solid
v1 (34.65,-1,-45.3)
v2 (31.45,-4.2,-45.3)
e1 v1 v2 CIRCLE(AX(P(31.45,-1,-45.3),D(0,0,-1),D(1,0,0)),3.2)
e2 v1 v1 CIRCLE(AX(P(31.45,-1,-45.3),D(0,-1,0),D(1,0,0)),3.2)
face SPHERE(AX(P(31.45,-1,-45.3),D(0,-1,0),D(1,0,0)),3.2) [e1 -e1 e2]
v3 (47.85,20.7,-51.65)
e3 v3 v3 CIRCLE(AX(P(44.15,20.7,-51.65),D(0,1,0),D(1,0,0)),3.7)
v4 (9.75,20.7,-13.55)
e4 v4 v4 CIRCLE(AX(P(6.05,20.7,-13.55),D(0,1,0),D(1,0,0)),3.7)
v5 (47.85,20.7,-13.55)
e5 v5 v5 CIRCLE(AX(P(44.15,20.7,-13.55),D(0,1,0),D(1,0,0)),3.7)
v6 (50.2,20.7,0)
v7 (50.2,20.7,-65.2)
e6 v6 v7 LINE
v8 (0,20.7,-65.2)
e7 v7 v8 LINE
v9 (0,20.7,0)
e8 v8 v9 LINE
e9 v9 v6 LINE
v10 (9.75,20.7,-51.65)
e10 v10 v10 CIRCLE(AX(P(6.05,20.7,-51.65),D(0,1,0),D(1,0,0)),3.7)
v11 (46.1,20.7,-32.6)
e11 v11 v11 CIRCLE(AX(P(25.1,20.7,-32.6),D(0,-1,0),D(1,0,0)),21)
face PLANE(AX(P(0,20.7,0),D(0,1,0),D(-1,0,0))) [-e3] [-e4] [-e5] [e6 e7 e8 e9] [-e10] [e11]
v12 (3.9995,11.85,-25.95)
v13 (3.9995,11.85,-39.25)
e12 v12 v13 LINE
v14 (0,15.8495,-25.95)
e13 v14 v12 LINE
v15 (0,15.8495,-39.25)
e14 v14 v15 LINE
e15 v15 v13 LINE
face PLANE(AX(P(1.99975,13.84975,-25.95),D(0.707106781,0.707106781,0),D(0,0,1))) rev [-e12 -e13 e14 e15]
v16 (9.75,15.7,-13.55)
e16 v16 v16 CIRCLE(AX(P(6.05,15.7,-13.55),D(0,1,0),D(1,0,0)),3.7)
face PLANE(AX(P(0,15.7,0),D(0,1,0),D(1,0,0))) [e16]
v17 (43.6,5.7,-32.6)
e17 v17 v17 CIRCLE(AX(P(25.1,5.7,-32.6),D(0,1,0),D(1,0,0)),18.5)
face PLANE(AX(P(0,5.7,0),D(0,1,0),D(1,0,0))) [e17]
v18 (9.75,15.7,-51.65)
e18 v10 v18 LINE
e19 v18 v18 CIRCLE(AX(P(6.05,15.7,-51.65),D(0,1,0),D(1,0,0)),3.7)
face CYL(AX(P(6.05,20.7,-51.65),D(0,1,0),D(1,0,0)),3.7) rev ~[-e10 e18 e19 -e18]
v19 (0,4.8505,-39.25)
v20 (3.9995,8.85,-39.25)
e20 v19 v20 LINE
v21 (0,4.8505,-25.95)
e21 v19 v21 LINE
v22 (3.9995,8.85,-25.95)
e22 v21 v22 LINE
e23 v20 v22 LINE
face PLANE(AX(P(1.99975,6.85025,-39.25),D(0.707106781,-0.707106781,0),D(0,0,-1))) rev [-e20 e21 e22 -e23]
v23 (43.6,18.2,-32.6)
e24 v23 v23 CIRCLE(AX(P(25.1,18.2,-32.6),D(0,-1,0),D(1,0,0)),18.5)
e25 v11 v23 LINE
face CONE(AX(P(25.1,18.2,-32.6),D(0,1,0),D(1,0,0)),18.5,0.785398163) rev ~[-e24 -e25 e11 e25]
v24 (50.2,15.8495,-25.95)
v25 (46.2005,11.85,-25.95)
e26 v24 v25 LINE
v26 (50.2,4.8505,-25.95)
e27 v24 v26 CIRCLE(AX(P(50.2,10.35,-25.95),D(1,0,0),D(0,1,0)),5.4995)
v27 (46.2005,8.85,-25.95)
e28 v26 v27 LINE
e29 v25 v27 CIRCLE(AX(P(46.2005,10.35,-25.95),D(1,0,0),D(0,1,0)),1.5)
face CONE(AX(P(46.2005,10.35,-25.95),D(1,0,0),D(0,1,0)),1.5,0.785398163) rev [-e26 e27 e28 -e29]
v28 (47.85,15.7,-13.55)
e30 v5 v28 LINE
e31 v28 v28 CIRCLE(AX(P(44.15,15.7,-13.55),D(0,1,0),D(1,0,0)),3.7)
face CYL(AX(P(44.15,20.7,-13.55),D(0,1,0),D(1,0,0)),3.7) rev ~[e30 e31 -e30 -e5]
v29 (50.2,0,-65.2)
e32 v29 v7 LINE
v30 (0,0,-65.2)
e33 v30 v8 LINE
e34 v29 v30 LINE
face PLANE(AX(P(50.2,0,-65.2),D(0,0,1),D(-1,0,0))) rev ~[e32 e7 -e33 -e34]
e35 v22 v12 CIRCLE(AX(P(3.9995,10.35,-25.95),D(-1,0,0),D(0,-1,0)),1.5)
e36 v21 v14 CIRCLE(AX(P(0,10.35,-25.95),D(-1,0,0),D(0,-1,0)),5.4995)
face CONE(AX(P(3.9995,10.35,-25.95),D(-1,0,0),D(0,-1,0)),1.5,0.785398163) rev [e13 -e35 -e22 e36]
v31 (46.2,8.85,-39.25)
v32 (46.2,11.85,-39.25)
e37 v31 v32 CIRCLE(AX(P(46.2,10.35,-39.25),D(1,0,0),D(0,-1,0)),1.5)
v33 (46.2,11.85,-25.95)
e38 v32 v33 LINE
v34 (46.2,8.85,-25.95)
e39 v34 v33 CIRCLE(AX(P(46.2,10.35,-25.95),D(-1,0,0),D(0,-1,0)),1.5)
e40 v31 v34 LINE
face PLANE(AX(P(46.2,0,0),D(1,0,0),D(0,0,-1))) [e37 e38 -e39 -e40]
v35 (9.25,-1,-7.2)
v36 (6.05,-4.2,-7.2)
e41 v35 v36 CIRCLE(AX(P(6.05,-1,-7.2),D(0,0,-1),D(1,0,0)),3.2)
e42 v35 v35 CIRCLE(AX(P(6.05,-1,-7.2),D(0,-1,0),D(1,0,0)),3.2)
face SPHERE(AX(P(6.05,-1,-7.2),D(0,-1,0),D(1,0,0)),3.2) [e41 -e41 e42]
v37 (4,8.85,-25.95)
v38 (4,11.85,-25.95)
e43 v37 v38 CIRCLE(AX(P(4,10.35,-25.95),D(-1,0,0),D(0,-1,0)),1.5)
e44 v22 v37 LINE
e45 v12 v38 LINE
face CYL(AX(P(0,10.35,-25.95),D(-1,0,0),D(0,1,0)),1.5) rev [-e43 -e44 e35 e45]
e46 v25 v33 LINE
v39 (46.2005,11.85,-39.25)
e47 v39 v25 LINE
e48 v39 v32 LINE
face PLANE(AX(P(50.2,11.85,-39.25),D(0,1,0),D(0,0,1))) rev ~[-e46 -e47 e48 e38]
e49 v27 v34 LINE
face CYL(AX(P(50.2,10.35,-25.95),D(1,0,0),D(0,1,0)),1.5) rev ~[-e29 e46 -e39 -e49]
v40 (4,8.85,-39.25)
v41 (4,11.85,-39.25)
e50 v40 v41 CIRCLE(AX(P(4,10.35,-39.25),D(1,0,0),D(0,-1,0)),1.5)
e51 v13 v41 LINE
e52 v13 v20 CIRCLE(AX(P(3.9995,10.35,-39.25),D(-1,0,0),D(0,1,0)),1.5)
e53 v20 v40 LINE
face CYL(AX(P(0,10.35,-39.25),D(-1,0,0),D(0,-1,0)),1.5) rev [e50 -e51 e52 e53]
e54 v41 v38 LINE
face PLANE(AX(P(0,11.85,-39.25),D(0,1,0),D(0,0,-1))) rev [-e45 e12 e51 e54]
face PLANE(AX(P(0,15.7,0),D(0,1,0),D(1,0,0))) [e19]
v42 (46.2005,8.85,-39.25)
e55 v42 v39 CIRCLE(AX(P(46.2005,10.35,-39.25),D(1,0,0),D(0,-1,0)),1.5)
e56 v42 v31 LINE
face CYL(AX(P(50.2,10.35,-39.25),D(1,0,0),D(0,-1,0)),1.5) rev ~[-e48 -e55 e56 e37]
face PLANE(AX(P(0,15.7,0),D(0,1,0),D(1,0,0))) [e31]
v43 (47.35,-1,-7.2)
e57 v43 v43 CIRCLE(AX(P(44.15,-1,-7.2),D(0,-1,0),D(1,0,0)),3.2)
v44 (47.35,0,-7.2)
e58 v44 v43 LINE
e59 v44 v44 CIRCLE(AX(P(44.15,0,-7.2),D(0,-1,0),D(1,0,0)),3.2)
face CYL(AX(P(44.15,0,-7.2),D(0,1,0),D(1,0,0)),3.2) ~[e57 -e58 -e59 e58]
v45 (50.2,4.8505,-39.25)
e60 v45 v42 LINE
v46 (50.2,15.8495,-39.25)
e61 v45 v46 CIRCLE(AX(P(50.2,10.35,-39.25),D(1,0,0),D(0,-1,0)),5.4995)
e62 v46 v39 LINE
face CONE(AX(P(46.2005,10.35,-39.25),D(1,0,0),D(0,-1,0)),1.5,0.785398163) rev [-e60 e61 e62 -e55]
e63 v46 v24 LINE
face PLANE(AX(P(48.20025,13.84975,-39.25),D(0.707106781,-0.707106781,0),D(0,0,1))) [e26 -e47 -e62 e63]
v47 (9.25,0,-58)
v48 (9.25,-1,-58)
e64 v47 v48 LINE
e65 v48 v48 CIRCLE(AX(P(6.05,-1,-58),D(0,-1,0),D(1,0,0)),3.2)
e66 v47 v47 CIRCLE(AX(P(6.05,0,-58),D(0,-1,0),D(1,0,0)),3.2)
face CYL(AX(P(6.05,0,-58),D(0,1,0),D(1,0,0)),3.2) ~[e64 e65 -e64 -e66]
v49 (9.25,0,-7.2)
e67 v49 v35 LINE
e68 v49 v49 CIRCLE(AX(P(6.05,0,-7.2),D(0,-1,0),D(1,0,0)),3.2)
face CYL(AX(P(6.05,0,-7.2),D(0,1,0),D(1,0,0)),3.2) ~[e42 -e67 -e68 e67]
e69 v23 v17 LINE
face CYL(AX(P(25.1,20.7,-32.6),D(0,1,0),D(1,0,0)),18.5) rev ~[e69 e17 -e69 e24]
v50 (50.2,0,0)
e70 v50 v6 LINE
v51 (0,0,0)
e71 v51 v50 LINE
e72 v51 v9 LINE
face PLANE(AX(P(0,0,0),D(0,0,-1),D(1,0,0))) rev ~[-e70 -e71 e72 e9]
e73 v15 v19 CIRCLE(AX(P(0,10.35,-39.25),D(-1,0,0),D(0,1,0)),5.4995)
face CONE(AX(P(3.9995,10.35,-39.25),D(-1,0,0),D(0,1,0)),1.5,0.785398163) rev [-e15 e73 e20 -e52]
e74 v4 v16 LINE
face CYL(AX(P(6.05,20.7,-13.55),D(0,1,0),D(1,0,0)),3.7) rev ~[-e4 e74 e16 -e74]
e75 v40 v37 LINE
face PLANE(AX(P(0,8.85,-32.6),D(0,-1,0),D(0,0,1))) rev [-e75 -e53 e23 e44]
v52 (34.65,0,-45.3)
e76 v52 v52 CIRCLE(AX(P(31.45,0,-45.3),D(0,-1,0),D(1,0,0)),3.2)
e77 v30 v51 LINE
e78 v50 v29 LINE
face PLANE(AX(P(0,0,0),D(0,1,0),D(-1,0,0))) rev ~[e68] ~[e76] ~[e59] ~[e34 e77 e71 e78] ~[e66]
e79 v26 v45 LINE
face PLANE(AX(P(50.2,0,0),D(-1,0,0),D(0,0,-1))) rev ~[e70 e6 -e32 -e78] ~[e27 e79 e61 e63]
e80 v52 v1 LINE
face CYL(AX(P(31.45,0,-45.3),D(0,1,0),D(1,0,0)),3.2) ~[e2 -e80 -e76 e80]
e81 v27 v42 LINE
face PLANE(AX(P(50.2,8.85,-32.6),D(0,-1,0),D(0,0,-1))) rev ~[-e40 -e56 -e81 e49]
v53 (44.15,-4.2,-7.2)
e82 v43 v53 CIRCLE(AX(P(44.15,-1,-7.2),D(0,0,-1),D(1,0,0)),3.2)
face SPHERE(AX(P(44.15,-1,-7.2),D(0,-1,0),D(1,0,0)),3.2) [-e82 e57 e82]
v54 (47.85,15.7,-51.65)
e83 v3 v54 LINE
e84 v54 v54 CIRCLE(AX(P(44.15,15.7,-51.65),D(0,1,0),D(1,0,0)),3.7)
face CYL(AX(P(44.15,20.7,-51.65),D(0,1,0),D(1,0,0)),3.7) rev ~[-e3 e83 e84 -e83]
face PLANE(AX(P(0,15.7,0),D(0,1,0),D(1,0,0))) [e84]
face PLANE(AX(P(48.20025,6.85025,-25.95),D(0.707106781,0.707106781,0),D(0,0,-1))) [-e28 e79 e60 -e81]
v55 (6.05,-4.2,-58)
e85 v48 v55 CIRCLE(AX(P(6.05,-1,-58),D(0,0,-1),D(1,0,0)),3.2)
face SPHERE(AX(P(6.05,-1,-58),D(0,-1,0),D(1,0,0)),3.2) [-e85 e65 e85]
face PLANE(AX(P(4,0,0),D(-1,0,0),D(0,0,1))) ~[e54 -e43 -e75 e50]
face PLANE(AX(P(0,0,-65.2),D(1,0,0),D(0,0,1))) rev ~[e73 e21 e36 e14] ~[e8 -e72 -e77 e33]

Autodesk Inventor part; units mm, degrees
ref_plane "YZ Plane" through (0, 0, 0) normal (1, 0, 0) x (0, 1, 0)
ref_plane "XZ Plane" through (0, 0, 0) normal (0, 1, 0) x (-1, 0, 0)
sketch "Boceto1" plane through (0, 0, 0) normal (0, 1, 0) x (-1, 0, 0)
  line L0 (0, 0) -> (-50.2, 0)
  line L1 (-50.2, 0) -> (-50.2, -65.2)
  line L2 (-50.2, -65.2) -> (0, -65.2)
  line L3 (0, -65.2) -> (0, 0)
  dimension "d0" = 50.2
  dimension "d1" = 65.2
extrude "Extrusión1" add sketch "Boceto1" along normal blind 20.7
sketch "Boceto2" plane through (0, 20.7, 0) normal (0, 1, 0) x (1, 0, 0)
  line L0 (-14.4985, 32.6) -> (58.2485, 32.6)
  circle A0 centre (25.1, 32.6) radius 18.5
  line L1 (0, 65.2) -> (0, 0) projected
  dimension "d7" = 37
  dimension "d57" = 0
  dimension "d58" = 25.1
extrude "Extrusión2" cut sketch "Boceto2" against normal blind 15
sketch "Boceto3" plane through (50.2, 0, 0) normal (1, 0, 0) x (0, 0, -1)
  line L0 (32.6, 28.8672) -> (32.6, -9.3744)
  line L1 (-5.2256, 10.35) -> (70.0589, 10.35)
  line L2 (25.95, 10.35) -> (39.25, 10.35) construction
  line L3 (25.95, 8.85) -> (39.25, 8.85)
  line L4 (39.25, 11.85) -> (25.95, 11.85)
  arc A0 (25.95, 11.85) -> (25.95, 8.85) centre (25.95, 10.35) ccw
  arc A1 (39.25, 8.85) -> (39.25, 11.85) centre (39.25, 10.35) ccw
  point P0 (0, 0)
  point P1 (32.6, 10.35)
  point P2 (40.75, 10.35)
  point P3 (24.45, 10.35)
  dimension "d11" = 16.3
  dimension "d12" = 3
  dimension "d13" = 0
extrude "Extrusión3" cut sketch "Boceto3" against normal blind 4
chamfer "Chaflán1" distance 4 angle 45 4 edges at (50.2, 8.85, -32.6) (50.2, 10.35, -24.45) (50.2, 11.85, -32.6) (50.2, 10.35, -40.75)
sketch "Boceto4" plane through (50.2, 0, 0) normal (1, 0, 0) x (0, 0, -1)
  point P0 (0, 0)
ref_plane "Plano de trabajo1" through (25.1, 0, 0) normal (1, 0, 0) x (0, 0, -1)
mirror "Simetría1" about plane through (25.1, 0, 0) normal (1, 0, 0) of "Extrusión3"
chamfer "Chaflán2" distance 4 angle 45 4 edges at (0, 11.85, -32.6) (0, 10.35, -24.45) (0, 8.85, -32.6) (0, 10.35, -40.75)
chamfer "Chaflán3" distance 2.5 angle 45 1 edges at (6.6, 20.7, -32.6)
sketch "Boceto5" plane through (0, 0, 0) normal (0, -1, 0) x (1, 0, 0)
  line L0 (25.1, 22.2035) -> (25.1, -86.3829)
  line L1 (-10.0483, -32.6) -> (59.9656, -32.6)
  circle A0 centre (6.05, -7.2) radius 3.2
  circle A1 centre (44.15, -7.2) radius 3.2
  circle A2 centre (6.05, -58) radius 3.2
  circle A3 centre (31.45, -45.3) radius 3.2
  point P0 (0, 0)
  dimension "d35" = 38.1
  dimension "d36" = 38.1
  dimension "d37" = 0
  dimension "d38" = 50.8
  dimension "d39" = 50.8
  dimension "d40" = 12.7
  dimension "d41" = 12.7
  dimension "d42" = 6.4
extrude "Extrusión4" add sketch "Boceto5" along normal blind 4.2
fillet "Empalme1" radius 3.2 4 edges at (2.85, -4.2, -58) (28.25, -4.2, -45.3) (40.95, -4.2, -7.2) (2.85, -4.2, -7.2)
sketch "Boceto6" plane through (0, 20.7, 0) normal (0, 1, 0) x (1, 0, 0)
  line L0 (-6.6573, 32.6) -> (60.5927, 32.6)
  line L1 (25.1, -18.2708) -> (25.1, 82.1469)
  circle A0 centre (6.05, 13.55) radius 3.7
  circle A1 centre (6.05, 51.65) radius 3.7
  circle A2 centre (44.15, 13.55) radius 3.7
  circle A3 centre (44.15, 51.65) radius 3.7
  point P0 (0, 0)
  dimension "d51" = 38.1
  dimension "d52" = 38.1
  dimension "d53" = 38.1
  dimension "d54" = 38.1
  dimension "d55" = 38.1
  dimension "d56" = 7.4
extrude "Extrusión5" cut sketch "Boceto6" against normal blind 5
properties material "Plastico PETG"
